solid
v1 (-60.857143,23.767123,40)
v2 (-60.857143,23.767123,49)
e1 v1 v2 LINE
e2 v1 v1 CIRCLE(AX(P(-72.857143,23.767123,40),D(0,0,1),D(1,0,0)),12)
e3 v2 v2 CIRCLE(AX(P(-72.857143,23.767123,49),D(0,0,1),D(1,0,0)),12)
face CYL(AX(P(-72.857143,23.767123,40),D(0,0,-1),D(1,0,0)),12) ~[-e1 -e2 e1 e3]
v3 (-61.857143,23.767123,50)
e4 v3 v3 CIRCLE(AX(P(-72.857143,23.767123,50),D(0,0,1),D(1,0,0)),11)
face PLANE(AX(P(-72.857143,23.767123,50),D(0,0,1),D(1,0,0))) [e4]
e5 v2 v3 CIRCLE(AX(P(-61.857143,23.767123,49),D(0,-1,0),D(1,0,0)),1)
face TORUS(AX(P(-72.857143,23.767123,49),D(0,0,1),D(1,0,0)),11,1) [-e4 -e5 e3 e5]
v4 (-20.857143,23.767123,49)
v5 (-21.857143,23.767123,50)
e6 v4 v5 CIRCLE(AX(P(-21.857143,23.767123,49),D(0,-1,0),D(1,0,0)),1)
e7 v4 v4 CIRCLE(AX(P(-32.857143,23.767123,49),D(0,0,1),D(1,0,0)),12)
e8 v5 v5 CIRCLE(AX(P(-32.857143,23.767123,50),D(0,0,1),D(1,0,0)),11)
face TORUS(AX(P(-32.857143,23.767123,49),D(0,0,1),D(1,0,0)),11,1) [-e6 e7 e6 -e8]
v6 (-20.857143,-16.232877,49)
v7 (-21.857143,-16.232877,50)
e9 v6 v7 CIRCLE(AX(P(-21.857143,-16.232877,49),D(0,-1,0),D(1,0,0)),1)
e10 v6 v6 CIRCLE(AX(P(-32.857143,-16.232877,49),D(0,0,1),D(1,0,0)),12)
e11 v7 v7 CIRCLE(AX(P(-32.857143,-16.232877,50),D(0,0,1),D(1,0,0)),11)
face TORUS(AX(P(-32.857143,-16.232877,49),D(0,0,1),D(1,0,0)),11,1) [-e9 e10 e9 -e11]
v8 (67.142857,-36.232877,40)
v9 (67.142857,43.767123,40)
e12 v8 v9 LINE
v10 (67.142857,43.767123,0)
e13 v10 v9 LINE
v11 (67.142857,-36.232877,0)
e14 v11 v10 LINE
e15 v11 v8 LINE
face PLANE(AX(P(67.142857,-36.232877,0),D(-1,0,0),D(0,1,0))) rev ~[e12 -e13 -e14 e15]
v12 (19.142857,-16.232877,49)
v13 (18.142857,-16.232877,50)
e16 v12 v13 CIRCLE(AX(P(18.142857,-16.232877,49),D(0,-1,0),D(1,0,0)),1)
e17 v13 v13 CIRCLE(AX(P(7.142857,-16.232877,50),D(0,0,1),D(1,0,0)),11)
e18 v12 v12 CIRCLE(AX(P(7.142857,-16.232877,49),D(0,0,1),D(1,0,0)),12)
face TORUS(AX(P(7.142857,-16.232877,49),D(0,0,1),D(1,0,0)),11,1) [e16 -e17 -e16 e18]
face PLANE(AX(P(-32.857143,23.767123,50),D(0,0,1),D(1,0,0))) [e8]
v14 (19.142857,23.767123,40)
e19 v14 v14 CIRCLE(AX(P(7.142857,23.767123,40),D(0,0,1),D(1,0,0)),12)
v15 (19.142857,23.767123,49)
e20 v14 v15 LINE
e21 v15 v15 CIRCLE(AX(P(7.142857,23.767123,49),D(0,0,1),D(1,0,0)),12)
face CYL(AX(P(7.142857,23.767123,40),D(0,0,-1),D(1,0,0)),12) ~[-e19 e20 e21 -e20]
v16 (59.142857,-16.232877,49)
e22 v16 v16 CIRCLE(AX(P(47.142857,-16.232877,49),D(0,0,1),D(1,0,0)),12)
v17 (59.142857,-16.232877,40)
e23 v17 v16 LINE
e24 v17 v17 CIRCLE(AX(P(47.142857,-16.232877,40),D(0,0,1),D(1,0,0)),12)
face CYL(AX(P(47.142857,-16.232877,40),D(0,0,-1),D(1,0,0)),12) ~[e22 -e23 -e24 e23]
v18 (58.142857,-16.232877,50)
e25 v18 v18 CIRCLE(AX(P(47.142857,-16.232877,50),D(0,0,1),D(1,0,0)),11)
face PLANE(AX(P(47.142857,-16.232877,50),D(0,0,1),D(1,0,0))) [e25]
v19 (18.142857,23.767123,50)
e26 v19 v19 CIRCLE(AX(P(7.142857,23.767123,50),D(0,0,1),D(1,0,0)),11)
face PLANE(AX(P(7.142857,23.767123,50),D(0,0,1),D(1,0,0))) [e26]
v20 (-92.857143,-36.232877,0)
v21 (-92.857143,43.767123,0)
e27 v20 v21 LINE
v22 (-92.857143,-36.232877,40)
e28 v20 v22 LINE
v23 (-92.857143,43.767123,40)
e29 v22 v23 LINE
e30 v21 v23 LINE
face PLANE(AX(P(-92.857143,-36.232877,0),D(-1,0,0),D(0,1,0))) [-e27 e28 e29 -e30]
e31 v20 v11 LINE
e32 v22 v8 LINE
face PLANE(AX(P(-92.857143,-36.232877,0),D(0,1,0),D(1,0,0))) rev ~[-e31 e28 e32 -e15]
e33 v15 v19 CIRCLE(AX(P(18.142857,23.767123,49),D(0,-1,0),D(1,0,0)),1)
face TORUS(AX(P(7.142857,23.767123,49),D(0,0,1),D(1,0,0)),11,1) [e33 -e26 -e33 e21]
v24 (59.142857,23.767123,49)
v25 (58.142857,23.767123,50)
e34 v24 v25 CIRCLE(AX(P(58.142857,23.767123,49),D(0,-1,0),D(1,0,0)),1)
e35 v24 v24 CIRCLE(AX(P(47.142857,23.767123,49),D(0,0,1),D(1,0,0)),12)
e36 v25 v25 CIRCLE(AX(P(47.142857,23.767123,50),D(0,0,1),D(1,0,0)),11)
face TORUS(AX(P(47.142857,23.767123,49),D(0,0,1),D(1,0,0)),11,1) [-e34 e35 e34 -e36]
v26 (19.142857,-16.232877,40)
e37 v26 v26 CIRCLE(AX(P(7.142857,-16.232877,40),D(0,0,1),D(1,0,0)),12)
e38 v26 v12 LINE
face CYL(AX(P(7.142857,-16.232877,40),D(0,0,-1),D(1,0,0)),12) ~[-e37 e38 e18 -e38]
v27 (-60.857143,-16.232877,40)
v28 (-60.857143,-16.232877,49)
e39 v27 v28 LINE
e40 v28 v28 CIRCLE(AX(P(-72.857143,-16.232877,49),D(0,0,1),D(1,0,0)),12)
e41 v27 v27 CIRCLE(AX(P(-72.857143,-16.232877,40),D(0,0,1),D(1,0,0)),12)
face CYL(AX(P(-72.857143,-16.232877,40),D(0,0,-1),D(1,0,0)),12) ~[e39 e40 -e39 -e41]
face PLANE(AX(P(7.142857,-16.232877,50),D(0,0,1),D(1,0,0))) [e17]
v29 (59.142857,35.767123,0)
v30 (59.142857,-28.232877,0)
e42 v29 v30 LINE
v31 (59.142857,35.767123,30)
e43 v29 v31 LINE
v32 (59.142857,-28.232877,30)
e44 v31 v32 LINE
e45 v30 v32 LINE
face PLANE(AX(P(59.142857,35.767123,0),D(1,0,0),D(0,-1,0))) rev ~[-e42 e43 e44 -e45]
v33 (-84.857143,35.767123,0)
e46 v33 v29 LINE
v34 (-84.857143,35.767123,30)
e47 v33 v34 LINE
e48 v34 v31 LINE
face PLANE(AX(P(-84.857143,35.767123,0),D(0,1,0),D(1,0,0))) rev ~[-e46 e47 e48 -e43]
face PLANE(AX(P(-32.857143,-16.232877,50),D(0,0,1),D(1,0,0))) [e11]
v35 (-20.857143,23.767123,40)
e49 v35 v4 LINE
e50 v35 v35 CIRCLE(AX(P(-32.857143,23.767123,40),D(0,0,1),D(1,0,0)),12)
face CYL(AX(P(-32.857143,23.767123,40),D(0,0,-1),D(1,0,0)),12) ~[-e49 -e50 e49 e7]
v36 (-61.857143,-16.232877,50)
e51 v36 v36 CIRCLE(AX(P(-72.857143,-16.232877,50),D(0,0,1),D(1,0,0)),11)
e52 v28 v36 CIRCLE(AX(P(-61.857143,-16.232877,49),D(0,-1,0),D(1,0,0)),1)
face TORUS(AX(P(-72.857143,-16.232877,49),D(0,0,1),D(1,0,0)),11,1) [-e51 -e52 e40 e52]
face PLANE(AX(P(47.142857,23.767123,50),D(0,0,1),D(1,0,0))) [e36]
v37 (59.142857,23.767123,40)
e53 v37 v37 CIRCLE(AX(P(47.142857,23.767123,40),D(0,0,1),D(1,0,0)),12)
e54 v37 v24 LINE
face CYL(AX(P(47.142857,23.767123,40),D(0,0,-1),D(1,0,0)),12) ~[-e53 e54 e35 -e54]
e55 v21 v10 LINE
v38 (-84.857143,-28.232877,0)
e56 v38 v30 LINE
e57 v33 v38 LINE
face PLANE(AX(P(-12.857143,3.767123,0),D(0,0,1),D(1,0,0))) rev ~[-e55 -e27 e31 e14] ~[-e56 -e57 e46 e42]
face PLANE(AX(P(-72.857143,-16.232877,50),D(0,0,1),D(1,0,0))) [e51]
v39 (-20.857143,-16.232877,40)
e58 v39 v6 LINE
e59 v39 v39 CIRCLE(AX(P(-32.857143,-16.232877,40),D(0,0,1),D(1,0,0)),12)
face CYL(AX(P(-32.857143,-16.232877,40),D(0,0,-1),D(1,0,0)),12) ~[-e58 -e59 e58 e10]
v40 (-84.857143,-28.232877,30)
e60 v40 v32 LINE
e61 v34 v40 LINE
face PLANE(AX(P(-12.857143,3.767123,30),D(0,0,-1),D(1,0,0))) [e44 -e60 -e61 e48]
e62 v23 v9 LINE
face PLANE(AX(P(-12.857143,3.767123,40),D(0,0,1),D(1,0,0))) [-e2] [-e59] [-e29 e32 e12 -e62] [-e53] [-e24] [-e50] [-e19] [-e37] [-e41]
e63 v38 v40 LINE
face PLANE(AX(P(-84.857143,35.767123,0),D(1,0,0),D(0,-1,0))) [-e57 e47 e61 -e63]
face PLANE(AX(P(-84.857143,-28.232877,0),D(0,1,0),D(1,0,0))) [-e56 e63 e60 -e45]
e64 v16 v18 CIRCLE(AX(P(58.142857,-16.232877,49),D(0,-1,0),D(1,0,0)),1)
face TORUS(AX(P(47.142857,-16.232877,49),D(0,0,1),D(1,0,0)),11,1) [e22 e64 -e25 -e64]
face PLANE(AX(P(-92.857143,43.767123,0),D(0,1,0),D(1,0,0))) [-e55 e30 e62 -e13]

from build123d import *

# Parameters (mm, degrees)
F0_W     = 160
F0_H     = 80
F1_DEPTH = 40
F2_W     = 144
F2_H     = 64
F3_DEPTH = 30
F4_R     = 12
F5_DEPTH = 10
F6_R     = 1


with BuildPart() as f1:
    # F0 (on Top) → F1 (new body)
    with BuildSketch(Plane.XY):
        with Locations((-12.8571428359, 3.7671227164)):
            Rectangle(F0_W, F0_H)
    extrude(amount=F1_DEPTH)

    # F2 (on face) → F3 (cut)
    with BuildSketch(Plane(origin=(0, 0, 0), x_dir=(1, 0, 0), z_dir=(0, 0, -1))):
        with Locations((-12.8571428359, -3.7671227164)):
            Rectangle(F2_W, F2_H)
    extrude(amount=-F3_DEPTH, mode=Mode.SUBTRACT)

    # F4 (on face) → F5 (join)
    with BuildSketch(Plane.XY.offset(40)):
        with Locations((-72.8571428359, 23.7671227164)):
            Circle(F4_R)
        with Locations((-72.8571428359, -16.2328772836)):
            Circle(F4_R)
        with Locations((-32.8571428359, 23.7671227164)):
            Circle(F4_R)
        with Locations((-32.8571428359, -16.2328772836)):
            Circle(F4_R)
        with Locations((7.1428571641, 23.7671227164)):
            Circle(F4_R)
        with Locations((7.1428571641, -16.2328772836)):
            Circle(F4_R)
        with Locations((47.1428571641, 23.7671227164)):
            Circle(F4_R)
        with Locations((47.1428571641, -16.2328772836)):
            Circle(F4_R)
    extrude(amount=F5_DEPTH)

    # F6
    f6_edges = [f1.edges().sort_by_distance(p)[0] for p in [
        (-84.857143, 23.767123, 50),
        (-44.857143, -16.232877, 50),
        (-44.857143, 23.767123, 50),
        (-84.857143, -16.232877, 50),
        (-4.857143, -16.232877, 50),
        (-4.857143, 23.767123, 50),
        (35.142857, -16.232877, 50),
        (35.142857, 23.767123, 50),
    ]]
    fillet(f6_edges, radius=F6_R)


solid = f1.part
